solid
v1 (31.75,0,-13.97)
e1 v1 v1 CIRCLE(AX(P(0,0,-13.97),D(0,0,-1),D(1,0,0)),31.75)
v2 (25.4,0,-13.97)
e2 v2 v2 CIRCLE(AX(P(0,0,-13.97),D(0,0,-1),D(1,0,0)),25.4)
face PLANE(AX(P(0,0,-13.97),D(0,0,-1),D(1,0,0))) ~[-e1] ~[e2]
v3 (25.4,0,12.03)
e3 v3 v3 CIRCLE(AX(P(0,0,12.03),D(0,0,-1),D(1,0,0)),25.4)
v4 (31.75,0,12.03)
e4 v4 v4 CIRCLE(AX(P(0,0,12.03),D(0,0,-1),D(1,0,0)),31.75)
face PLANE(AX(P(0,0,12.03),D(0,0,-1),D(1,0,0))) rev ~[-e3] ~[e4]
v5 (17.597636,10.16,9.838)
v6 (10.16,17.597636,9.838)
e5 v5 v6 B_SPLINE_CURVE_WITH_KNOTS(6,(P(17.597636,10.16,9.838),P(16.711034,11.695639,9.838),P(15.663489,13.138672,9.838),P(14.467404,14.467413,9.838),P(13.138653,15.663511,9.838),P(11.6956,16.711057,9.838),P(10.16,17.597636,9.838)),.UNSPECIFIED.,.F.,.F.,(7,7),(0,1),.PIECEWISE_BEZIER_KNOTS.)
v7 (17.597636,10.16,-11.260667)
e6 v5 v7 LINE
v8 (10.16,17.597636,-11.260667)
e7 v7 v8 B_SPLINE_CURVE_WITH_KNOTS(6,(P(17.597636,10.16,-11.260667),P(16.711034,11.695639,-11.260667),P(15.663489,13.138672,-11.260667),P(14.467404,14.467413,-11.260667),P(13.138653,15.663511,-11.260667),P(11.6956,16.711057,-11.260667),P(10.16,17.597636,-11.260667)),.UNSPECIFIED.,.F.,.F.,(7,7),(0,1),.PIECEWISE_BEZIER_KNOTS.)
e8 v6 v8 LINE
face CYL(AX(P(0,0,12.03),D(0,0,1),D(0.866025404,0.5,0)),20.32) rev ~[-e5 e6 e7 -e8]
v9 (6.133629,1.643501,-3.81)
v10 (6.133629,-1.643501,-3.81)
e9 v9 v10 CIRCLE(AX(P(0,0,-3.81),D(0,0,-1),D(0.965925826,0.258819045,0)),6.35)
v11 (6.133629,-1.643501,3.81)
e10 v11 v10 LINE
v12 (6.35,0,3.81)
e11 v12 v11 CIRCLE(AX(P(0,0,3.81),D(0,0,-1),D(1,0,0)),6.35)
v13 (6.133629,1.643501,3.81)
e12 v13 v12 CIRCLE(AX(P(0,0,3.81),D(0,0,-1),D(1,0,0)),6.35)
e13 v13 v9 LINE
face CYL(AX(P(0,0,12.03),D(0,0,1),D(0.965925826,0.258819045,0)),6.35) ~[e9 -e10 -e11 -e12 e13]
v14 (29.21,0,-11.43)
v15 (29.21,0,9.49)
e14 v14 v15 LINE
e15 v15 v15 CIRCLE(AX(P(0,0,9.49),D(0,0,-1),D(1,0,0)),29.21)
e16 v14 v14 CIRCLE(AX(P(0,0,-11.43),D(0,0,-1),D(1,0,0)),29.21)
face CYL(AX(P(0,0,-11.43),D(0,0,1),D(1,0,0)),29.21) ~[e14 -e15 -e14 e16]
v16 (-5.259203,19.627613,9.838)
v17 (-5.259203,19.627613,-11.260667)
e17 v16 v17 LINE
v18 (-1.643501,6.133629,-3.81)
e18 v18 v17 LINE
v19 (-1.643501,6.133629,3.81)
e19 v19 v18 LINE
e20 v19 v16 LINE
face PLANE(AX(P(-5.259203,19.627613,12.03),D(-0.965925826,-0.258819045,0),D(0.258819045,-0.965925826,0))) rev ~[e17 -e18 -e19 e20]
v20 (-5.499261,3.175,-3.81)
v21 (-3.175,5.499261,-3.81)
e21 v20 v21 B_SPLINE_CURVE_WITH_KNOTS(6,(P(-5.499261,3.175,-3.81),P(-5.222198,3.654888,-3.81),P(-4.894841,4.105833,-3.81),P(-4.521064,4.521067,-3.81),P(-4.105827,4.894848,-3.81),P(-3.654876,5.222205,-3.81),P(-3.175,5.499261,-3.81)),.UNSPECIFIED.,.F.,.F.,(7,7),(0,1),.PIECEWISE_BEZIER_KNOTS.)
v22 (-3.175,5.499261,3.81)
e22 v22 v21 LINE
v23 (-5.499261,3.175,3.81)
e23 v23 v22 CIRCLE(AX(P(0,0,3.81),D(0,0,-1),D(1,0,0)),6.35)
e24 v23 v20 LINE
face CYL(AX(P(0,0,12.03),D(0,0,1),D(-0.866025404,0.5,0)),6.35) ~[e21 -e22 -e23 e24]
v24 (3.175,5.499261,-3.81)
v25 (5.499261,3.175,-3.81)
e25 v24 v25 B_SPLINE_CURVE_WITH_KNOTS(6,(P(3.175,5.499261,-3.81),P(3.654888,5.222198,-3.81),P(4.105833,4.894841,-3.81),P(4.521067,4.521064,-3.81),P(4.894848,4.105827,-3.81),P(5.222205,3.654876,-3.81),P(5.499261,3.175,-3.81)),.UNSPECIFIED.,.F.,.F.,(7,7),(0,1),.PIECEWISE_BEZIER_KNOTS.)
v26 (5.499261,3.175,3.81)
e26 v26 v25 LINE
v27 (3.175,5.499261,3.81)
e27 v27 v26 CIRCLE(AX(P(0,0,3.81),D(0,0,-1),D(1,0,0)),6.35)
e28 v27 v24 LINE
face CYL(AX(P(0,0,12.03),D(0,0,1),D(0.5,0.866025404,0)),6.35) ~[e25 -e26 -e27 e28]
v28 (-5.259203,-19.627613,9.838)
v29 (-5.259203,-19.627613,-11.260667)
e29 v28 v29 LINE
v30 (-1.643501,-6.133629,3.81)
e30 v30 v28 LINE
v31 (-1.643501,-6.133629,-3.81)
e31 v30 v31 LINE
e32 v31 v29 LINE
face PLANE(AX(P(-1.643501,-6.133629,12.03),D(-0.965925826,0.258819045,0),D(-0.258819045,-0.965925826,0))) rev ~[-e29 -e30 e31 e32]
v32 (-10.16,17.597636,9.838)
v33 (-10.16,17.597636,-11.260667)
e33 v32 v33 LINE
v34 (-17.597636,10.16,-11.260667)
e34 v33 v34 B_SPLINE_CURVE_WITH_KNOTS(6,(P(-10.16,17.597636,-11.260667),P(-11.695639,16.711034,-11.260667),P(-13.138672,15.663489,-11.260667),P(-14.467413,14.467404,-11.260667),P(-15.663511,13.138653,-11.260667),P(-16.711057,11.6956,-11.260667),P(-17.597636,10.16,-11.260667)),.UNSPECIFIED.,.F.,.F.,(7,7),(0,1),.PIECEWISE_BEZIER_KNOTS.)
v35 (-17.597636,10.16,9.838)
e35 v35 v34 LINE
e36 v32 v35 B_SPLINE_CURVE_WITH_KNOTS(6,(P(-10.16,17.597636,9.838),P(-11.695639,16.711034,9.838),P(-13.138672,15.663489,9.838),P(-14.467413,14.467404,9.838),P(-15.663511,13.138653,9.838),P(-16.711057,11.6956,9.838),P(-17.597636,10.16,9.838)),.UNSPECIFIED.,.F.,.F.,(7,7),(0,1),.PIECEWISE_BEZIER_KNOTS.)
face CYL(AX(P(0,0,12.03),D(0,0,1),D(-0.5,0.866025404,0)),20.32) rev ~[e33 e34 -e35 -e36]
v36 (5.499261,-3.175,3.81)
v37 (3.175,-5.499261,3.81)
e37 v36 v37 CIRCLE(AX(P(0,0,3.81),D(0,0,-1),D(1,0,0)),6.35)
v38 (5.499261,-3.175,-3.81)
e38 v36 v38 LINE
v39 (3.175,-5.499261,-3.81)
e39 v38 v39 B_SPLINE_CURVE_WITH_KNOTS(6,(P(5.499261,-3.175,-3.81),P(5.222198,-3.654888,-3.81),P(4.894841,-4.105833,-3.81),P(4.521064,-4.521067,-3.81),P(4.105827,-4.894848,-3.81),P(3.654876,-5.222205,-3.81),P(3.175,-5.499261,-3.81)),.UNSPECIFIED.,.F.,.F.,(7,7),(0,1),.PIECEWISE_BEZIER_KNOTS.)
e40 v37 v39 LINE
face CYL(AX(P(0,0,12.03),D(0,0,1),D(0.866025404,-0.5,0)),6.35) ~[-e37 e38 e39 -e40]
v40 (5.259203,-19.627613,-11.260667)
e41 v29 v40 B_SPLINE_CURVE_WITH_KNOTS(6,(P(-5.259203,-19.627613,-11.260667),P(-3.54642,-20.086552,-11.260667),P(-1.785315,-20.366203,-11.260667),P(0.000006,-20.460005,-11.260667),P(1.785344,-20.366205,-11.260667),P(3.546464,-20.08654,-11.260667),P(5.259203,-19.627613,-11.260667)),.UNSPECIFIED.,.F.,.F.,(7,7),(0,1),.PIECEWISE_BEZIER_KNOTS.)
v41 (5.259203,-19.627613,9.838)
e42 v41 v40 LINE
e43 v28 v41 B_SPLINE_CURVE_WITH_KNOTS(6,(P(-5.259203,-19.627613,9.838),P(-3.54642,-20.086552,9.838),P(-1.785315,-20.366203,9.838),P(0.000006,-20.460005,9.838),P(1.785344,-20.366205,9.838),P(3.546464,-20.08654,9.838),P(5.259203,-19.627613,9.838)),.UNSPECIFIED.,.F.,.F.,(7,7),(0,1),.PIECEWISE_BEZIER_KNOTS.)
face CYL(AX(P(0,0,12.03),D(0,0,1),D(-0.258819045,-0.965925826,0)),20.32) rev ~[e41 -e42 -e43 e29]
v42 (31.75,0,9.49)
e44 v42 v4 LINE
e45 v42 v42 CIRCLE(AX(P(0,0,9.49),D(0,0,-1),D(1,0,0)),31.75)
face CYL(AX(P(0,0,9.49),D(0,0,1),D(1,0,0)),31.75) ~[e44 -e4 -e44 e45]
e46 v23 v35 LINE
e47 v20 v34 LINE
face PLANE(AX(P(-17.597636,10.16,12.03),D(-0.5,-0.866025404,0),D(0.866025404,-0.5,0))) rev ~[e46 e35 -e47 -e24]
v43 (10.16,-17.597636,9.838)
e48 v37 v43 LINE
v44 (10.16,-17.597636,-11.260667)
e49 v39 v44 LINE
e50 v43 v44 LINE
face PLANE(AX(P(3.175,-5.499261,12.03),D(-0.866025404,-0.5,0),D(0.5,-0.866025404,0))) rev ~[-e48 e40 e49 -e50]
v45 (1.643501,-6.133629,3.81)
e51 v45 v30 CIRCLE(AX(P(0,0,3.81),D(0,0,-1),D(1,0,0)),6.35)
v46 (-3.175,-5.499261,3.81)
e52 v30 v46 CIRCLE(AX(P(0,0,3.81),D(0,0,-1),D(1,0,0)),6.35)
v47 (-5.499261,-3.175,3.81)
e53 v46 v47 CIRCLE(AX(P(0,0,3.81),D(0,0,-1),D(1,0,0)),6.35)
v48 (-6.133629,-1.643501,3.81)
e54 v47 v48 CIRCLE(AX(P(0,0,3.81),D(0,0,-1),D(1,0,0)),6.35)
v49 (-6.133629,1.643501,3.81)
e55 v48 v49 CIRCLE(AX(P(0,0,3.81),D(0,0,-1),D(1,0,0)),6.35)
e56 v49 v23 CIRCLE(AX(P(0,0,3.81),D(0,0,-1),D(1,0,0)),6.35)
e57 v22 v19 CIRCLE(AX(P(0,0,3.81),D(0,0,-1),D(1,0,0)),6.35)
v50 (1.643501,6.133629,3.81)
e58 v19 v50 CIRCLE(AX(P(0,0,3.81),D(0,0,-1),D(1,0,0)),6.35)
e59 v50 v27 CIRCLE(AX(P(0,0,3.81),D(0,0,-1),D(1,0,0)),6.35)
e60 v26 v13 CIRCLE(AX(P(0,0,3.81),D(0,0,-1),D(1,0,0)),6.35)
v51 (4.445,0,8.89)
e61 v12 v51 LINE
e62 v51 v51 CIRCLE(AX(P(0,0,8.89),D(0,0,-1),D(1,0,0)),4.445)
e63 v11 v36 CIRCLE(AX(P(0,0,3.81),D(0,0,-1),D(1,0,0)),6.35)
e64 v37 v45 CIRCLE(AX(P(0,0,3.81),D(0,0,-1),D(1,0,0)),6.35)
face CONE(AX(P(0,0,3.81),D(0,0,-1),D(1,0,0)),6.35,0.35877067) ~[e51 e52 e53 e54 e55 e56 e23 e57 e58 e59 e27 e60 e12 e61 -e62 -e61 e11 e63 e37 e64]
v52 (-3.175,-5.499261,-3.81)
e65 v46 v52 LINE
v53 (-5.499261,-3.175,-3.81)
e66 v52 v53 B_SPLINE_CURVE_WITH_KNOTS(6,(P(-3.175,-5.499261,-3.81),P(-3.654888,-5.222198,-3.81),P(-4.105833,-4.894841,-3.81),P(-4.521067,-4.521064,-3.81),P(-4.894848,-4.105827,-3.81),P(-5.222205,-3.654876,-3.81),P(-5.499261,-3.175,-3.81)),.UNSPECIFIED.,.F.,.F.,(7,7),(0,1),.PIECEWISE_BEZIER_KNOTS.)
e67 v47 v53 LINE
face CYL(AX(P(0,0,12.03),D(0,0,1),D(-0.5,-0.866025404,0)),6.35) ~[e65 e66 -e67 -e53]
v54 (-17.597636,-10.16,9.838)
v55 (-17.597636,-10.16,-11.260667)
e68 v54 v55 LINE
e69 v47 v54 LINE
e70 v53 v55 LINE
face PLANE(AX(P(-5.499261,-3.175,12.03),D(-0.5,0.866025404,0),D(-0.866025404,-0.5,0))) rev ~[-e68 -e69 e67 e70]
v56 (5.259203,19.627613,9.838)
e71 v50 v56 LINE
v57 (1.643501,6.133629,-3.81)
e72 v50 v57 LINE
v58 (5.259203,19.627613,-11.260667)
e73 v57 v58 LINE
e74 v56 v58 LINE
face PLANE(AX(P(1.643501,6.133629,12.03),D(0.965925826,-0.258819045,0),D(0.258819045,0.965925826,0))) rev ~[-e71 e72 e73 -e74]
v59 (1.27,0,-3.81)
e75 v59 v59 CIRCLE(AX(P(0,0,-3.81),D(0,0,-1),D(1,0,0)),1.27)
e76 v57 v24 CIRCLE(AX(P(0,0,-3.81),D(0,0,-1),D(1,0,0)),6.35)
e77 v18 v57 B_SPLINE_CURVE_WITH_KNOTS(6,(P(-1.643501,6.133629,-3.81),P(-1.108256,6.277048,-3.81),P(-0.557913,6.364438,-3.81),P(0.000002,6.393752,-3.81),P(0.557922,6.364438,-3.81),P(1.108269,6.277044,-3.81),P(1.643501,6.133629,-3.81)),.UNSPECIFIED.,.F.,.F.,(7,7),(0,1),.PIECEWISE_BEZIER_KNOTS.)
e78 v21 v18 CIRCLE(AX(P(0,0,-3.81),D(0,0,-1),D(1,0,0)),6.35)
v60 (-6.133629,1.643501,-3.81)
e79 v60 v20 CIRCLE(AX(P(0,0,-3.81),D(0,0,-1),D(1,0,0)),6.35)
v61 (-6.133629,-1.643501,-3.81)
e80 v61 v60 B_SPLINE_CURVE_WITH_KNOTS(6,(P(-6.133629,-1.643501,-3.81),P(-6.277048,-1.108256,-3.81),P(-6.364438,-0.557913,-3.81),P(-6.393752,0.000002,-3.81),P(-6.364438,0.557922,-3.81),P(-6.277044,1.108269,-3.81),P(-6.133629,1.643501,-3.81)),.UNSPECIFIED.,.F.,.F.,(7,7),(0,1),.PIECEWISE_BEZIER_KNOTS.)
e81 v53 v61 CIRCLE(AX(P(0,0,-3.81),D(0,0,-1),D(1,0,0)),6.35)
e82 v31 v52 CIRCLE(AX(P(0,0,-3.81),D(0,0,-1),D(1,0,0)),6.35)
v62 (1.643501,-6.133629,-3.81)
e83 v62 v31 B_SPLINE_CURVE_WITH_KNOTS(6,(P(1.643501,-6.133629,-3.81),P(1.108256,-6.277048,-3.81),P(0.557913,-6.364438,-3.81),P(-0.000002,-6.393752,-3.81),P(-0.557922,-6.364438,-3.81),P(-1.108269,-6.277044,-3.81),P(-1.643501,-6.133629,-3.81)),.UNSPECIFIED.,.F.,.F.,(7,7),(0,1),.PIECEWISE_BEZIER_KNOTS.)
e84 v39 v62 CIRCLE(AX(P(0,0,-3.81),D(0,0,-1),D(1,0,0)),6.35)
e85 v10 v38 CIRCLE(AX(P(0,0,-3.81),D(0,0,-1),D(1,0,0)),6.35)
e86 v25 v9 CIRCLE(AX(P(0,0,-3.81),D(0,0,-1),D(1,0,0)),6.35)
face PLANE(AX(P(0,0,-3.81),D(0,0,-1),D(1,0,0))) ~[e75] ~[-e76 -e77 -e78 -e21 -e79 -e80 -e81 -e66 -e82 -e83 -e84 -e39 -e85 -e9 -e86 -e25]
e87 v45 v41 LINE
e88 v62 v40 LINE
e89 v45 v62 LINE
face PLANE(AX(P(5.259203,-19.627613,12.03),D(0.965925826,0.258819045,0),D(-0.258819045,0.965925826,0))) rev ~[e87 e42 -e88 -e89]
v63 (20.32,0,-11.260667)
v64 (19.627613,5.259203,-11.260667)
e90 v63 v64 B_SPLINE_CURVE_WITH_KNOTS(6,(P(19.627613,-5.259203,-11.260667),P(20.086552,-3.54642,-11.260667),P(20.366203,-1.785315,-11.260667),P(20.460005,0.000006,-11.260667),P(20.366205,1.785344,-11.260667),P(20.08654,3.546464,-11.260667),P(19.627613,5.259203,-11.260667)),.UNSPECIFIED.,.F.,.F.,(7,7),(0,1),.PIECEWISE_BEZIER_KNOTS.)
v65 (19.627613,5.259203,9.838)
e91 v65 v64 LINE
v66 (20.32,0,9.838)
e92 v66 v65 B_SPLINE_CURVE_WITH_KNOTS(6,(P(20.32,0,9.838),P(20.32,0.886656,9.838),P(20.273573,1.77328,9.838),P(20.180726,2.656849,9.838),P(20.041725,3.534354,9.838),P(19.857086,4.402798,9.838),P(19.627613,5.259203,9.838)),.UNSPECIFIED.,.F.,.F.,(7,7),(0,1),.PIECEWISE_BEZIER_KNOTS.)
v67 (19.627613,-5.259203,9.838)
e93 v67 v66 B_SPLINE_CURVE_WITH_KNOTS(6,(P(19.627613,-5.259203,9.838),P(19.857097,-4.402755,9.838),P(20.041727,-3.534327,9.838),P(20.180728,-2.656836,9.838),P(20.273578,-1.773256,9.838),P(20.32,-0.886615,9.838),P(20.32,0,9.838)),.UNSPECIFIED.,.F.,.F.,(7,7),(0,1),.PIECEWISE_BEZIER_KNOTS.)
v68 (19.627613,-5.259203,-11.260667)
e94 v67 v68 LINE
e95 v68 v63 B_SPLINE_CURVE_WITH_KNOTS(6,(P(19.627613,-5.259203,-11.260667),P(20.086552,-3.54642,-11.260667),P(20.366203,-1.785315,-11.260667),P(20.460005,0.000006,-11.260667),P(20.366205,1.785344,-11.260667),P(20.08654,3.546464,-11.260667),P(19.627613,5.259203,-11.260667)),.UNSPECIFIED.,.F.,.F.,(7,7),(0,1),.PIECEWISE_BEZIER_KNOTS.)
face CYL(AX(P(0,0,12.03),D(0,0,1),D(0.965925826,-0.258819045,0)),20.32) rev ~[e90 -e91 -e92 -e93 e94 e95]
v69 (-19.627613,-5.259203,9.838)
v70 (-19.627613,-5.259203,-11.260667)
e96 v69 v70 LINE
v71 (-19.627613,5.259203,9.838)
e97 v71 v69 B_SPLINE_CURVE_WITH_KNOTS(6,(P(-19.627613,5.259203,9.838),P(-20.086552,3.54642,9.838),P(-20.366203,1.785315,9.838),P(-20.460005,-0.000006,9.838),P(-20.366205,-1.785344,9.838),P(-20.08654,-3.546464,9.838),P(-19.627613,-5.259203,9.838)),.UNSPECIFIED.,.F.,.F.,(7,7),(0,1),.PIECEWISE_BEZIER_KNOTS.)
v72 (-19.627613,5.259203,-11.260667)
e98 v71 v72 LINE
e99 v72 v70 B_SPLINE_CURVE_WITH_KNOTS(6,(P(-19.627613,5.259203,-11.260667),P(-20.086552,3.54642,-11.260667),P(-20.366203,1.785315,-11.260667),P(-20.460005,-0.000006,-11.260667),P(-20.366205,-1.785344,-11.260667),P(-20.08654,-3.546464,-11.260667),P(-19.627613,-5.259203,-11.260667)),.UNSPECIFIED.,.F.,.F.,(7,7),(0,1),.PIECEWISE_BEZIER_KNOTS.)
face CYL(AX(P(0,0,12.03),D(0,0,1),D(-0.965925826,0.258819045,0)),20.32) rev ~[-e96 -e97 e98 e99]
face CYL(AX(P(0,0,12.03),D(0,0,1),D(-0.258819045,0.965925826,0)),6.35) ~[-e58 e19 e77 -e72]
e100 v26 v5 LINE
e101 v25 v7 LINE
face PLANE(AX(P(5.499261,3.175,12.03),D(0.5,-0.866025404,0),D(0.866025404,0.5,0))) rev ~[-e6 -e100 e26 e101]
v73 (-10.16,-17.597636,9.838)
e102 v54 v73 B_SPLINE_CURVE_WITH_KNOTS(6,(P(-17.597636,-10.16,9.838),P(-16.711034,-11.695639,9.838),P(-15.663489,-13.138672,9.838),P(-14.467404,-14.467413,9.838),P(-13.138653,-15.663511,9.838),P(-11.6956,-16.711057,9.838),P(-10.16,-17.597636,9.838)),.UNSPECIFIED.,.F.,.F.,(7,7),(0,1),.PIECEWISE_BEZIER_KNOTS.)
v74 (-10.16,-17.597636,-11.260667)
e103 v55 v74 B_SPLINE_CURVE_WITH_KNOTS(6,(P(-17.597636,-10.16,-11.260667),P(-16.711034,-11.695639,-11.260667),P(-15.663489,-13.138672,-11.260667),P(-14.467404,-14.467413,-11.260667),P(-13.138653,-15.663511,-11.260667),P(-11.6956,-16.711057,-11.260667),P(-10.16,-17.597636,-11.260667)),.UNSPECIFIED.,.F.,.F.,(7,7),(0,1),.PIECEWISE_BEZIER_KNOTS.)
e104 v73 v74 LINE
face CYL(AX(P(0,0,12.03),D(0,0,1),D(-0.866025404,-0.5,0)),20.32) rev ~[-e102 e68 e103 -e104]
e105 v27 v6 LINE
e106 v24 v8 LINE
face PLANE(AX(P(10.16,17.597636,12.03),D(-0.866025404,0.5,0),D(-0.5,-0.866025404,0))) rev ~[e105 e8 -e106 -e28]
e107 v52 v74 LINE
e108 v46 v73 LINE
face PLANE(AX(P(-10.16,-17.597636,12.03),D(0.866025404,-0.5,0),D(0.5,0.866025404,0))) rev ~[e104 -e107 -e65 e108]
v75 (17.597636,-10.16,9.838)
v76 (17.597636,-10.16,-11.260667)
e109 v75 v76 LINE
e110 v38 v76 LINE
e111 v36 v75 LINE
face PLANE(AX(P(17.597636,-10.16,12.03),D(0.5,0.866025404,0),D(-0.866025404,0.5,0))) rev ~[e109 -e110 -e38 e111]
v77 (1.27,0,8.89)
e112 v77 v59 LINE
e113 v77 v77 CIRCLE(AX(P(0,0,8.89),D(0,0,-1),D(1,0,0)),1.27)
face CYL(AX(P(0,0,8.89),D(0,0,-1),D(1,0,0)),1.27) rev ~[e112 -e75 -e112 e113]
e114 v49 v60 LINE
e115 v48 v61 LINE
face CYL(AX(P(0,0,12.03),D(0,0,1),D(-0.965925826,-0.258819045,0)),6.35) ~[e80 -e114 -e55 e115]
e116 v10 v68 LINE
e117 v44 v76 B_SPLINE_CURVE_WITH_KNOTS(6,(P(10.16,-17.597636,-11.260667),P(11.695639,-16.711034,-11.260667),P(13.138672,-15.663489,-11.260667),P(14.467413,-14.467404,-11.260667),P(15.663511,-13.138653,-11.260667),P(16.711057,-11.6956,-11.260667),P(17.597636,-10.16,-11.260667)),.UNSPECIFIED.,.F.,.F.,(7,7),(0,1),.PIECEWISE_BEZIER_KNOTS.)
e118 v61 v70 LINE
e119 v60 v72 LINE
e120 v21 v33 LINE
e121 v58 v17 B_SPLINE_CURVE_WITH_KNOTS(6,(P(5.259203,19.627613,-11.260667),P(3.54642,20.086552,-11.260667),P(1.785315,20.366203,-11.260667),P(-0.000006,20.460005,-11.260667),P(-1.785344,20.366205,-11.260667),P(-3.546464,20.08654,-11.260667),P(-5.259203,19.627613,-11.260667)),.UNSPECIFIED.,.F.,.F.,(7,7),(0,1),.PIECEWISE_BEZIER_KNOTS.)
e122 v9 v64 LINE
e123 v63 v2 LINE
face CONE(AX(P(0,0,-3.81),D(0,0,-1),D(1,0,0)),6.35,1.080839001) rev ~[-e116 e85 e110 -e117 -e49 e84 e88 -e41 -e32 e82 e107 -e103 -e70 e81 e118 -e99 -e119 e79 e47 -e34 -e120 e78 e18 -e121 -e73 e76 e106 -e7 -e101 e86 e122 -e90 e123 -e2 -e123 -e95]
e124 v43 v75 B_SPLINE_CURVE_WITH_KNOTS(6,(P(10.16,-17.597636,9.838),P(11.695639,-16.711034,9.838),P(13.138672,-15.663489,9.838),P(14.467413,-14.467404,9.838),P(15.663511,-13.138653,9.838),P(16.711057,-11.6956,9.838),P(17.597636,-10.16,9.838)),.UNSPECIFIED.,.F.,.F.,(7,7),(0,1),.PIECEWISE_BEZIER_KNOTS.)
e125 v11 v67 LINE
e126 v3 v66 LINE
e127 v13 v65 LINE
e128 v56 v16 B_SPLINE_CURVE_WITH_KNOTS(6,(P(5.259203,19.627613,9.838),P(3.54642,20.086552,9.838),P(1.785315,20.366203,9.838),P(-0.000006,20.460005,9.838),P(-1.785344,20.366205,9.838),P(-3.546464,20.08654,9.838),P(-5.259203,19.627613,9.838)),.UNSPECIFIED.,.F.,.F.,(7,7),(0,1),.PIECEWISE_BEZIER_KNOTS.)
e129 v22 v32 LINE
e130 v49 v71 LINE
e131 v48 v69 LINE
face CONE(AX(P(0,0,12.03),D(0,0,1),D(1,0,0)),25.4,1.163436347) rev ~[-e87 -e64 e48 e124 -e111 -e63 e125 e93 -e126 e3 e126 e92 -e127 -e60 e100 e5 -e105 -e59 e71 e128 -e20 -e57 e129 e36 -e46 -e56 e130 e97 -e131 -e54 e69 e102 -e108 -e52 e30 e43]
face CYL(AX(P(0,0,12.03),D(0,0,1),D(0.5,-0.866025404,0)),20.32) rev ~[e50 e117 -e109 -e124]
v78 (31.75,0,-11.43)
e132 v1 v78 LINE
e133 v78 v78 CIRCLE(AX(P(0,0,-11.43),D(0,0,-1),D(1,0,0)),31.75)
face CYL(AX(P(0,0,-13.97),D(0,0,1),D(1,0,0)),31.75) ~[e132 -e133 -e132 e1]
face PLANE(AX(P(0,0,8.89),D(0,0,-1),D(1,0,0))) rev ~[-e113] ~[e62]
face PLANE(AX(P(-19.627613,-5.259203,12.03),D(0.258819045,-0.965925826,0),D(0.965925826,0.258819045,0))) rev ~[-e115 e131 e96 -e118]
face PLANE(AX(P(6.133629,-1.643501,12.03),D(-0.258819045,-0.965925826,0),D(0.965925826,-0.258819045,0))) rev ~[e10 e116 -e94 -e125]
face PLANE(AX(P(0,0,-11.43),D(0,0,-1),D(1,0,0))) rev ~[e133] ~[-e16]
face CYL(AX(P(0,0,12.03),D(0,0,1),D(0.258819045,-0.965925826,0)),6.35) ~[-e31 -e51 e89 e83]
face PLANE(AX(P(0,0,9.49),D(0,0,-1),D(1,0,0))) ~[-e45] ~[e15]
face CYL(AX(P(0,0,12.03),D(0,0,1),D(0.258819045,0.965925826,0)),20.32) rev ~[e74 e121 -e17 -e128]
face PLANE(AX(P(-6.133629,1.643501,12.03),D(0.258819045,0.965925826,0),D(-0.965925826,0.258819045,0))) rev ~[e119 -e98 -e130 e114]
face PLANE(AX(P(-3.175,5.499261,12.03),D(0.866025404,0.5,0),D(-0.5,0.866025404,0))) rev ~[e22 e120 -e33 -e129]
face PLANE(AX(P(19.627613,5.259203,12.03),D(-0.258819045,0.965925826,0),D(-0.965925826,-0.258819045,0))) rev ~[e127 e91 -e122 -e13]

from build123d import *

# Parameters (mm, degrees)
CUT_EXTRUDE1_REACH = 53.886
CIRPATTERN1_COUNT  = 8


with BuildPart() as part:
    # Sketch1 → Revolve1 (revolve)
    with BuildSketch(Plane(origin=(0, 0, 0), x_dir=(0, 0, -1), z_dir=(1, 0, 0)), mode=Mode.PRIVATE) as revolve1_sk:
        Polygon((-8.89, 1.27), (3.81, 1.27), (3.81, 6.35), (13.97, 25.4), (13.97, 31.75), (11.43, 31.75), (11.43, 29.21), (-9.49, 29.21), (-9.49, 31.75), (-12.03, 31.75), (-12.03, 25.4), (-3.81, 6.35), (-8.89, 4.445), align=None)
    revolve(revolve1_sk.sketch.rotate(Axis((0, 0, 0), (0, 0, -1)), 90), axis=Axis((0, 0, 0), (0, 0, -1)))

    # Cut-Extrude1: up to this cone (the profile starts outside it)
    cut_extrude1_end = Plane(origin=(0, 0, 12.03), z_dir=(0, 0, -1)).offset(12.453334333) * Cone(1.875e-06, 78.62375, 41.932665667, align=(Align.CENTER, Align.CENTER, Align.MIN), mode=Mode.PRIVATE)
    # Sketch2 → Cut-Extrude1 (cut, up to the surface)
    with BuildSketch(Plane.XY.offset(12.03), mode=Mode.PRIVATE) as cut_extrude1_sk1:
        with BuildLine():
            Line((-5.259202996, 19.62761279), (-1.643500936, 6.133628997))
            ThreePointArc((-1.643500936, 6.133628997), (0, 6.35), (1.643500936, 6.133628997))
            Line((1.643500936, 6.133628997), (5.259202996, 19.62761279))
            ThreePointArc((5.259202996, 19.62761279), (0, 20.32), (-5.259202996, 19.62761279))
        make_face()
    cut_extrude1_tool1 = extrude(cut_extrude1_sk1.sketch, amount=-CUT_EXTRUDE1_REACH, mode=Mode.PRIVATE) - cut_extrude1_end
    cut_extrude1 = cut_extrude1_tool1.solids().sort_by_distance((0, 14.388913, 12.03))[0]
    add(cut_extrude1, mode=Mode.SUBTRACT)

    # CirPattern1: Cut-Extrude1 ×8 about axis
    cirpattern1_axis = Axis((0, 0, 0), (0, 0, 1))
    for i in range(1, CIRPATTERN1_COUNT):
        add(cut_extrude1.rotate(cirpattern1_axis, i * 360 / CIRPATTERN1_COUNT), mode=Mode.SUBTRACT)


solid = part.part
